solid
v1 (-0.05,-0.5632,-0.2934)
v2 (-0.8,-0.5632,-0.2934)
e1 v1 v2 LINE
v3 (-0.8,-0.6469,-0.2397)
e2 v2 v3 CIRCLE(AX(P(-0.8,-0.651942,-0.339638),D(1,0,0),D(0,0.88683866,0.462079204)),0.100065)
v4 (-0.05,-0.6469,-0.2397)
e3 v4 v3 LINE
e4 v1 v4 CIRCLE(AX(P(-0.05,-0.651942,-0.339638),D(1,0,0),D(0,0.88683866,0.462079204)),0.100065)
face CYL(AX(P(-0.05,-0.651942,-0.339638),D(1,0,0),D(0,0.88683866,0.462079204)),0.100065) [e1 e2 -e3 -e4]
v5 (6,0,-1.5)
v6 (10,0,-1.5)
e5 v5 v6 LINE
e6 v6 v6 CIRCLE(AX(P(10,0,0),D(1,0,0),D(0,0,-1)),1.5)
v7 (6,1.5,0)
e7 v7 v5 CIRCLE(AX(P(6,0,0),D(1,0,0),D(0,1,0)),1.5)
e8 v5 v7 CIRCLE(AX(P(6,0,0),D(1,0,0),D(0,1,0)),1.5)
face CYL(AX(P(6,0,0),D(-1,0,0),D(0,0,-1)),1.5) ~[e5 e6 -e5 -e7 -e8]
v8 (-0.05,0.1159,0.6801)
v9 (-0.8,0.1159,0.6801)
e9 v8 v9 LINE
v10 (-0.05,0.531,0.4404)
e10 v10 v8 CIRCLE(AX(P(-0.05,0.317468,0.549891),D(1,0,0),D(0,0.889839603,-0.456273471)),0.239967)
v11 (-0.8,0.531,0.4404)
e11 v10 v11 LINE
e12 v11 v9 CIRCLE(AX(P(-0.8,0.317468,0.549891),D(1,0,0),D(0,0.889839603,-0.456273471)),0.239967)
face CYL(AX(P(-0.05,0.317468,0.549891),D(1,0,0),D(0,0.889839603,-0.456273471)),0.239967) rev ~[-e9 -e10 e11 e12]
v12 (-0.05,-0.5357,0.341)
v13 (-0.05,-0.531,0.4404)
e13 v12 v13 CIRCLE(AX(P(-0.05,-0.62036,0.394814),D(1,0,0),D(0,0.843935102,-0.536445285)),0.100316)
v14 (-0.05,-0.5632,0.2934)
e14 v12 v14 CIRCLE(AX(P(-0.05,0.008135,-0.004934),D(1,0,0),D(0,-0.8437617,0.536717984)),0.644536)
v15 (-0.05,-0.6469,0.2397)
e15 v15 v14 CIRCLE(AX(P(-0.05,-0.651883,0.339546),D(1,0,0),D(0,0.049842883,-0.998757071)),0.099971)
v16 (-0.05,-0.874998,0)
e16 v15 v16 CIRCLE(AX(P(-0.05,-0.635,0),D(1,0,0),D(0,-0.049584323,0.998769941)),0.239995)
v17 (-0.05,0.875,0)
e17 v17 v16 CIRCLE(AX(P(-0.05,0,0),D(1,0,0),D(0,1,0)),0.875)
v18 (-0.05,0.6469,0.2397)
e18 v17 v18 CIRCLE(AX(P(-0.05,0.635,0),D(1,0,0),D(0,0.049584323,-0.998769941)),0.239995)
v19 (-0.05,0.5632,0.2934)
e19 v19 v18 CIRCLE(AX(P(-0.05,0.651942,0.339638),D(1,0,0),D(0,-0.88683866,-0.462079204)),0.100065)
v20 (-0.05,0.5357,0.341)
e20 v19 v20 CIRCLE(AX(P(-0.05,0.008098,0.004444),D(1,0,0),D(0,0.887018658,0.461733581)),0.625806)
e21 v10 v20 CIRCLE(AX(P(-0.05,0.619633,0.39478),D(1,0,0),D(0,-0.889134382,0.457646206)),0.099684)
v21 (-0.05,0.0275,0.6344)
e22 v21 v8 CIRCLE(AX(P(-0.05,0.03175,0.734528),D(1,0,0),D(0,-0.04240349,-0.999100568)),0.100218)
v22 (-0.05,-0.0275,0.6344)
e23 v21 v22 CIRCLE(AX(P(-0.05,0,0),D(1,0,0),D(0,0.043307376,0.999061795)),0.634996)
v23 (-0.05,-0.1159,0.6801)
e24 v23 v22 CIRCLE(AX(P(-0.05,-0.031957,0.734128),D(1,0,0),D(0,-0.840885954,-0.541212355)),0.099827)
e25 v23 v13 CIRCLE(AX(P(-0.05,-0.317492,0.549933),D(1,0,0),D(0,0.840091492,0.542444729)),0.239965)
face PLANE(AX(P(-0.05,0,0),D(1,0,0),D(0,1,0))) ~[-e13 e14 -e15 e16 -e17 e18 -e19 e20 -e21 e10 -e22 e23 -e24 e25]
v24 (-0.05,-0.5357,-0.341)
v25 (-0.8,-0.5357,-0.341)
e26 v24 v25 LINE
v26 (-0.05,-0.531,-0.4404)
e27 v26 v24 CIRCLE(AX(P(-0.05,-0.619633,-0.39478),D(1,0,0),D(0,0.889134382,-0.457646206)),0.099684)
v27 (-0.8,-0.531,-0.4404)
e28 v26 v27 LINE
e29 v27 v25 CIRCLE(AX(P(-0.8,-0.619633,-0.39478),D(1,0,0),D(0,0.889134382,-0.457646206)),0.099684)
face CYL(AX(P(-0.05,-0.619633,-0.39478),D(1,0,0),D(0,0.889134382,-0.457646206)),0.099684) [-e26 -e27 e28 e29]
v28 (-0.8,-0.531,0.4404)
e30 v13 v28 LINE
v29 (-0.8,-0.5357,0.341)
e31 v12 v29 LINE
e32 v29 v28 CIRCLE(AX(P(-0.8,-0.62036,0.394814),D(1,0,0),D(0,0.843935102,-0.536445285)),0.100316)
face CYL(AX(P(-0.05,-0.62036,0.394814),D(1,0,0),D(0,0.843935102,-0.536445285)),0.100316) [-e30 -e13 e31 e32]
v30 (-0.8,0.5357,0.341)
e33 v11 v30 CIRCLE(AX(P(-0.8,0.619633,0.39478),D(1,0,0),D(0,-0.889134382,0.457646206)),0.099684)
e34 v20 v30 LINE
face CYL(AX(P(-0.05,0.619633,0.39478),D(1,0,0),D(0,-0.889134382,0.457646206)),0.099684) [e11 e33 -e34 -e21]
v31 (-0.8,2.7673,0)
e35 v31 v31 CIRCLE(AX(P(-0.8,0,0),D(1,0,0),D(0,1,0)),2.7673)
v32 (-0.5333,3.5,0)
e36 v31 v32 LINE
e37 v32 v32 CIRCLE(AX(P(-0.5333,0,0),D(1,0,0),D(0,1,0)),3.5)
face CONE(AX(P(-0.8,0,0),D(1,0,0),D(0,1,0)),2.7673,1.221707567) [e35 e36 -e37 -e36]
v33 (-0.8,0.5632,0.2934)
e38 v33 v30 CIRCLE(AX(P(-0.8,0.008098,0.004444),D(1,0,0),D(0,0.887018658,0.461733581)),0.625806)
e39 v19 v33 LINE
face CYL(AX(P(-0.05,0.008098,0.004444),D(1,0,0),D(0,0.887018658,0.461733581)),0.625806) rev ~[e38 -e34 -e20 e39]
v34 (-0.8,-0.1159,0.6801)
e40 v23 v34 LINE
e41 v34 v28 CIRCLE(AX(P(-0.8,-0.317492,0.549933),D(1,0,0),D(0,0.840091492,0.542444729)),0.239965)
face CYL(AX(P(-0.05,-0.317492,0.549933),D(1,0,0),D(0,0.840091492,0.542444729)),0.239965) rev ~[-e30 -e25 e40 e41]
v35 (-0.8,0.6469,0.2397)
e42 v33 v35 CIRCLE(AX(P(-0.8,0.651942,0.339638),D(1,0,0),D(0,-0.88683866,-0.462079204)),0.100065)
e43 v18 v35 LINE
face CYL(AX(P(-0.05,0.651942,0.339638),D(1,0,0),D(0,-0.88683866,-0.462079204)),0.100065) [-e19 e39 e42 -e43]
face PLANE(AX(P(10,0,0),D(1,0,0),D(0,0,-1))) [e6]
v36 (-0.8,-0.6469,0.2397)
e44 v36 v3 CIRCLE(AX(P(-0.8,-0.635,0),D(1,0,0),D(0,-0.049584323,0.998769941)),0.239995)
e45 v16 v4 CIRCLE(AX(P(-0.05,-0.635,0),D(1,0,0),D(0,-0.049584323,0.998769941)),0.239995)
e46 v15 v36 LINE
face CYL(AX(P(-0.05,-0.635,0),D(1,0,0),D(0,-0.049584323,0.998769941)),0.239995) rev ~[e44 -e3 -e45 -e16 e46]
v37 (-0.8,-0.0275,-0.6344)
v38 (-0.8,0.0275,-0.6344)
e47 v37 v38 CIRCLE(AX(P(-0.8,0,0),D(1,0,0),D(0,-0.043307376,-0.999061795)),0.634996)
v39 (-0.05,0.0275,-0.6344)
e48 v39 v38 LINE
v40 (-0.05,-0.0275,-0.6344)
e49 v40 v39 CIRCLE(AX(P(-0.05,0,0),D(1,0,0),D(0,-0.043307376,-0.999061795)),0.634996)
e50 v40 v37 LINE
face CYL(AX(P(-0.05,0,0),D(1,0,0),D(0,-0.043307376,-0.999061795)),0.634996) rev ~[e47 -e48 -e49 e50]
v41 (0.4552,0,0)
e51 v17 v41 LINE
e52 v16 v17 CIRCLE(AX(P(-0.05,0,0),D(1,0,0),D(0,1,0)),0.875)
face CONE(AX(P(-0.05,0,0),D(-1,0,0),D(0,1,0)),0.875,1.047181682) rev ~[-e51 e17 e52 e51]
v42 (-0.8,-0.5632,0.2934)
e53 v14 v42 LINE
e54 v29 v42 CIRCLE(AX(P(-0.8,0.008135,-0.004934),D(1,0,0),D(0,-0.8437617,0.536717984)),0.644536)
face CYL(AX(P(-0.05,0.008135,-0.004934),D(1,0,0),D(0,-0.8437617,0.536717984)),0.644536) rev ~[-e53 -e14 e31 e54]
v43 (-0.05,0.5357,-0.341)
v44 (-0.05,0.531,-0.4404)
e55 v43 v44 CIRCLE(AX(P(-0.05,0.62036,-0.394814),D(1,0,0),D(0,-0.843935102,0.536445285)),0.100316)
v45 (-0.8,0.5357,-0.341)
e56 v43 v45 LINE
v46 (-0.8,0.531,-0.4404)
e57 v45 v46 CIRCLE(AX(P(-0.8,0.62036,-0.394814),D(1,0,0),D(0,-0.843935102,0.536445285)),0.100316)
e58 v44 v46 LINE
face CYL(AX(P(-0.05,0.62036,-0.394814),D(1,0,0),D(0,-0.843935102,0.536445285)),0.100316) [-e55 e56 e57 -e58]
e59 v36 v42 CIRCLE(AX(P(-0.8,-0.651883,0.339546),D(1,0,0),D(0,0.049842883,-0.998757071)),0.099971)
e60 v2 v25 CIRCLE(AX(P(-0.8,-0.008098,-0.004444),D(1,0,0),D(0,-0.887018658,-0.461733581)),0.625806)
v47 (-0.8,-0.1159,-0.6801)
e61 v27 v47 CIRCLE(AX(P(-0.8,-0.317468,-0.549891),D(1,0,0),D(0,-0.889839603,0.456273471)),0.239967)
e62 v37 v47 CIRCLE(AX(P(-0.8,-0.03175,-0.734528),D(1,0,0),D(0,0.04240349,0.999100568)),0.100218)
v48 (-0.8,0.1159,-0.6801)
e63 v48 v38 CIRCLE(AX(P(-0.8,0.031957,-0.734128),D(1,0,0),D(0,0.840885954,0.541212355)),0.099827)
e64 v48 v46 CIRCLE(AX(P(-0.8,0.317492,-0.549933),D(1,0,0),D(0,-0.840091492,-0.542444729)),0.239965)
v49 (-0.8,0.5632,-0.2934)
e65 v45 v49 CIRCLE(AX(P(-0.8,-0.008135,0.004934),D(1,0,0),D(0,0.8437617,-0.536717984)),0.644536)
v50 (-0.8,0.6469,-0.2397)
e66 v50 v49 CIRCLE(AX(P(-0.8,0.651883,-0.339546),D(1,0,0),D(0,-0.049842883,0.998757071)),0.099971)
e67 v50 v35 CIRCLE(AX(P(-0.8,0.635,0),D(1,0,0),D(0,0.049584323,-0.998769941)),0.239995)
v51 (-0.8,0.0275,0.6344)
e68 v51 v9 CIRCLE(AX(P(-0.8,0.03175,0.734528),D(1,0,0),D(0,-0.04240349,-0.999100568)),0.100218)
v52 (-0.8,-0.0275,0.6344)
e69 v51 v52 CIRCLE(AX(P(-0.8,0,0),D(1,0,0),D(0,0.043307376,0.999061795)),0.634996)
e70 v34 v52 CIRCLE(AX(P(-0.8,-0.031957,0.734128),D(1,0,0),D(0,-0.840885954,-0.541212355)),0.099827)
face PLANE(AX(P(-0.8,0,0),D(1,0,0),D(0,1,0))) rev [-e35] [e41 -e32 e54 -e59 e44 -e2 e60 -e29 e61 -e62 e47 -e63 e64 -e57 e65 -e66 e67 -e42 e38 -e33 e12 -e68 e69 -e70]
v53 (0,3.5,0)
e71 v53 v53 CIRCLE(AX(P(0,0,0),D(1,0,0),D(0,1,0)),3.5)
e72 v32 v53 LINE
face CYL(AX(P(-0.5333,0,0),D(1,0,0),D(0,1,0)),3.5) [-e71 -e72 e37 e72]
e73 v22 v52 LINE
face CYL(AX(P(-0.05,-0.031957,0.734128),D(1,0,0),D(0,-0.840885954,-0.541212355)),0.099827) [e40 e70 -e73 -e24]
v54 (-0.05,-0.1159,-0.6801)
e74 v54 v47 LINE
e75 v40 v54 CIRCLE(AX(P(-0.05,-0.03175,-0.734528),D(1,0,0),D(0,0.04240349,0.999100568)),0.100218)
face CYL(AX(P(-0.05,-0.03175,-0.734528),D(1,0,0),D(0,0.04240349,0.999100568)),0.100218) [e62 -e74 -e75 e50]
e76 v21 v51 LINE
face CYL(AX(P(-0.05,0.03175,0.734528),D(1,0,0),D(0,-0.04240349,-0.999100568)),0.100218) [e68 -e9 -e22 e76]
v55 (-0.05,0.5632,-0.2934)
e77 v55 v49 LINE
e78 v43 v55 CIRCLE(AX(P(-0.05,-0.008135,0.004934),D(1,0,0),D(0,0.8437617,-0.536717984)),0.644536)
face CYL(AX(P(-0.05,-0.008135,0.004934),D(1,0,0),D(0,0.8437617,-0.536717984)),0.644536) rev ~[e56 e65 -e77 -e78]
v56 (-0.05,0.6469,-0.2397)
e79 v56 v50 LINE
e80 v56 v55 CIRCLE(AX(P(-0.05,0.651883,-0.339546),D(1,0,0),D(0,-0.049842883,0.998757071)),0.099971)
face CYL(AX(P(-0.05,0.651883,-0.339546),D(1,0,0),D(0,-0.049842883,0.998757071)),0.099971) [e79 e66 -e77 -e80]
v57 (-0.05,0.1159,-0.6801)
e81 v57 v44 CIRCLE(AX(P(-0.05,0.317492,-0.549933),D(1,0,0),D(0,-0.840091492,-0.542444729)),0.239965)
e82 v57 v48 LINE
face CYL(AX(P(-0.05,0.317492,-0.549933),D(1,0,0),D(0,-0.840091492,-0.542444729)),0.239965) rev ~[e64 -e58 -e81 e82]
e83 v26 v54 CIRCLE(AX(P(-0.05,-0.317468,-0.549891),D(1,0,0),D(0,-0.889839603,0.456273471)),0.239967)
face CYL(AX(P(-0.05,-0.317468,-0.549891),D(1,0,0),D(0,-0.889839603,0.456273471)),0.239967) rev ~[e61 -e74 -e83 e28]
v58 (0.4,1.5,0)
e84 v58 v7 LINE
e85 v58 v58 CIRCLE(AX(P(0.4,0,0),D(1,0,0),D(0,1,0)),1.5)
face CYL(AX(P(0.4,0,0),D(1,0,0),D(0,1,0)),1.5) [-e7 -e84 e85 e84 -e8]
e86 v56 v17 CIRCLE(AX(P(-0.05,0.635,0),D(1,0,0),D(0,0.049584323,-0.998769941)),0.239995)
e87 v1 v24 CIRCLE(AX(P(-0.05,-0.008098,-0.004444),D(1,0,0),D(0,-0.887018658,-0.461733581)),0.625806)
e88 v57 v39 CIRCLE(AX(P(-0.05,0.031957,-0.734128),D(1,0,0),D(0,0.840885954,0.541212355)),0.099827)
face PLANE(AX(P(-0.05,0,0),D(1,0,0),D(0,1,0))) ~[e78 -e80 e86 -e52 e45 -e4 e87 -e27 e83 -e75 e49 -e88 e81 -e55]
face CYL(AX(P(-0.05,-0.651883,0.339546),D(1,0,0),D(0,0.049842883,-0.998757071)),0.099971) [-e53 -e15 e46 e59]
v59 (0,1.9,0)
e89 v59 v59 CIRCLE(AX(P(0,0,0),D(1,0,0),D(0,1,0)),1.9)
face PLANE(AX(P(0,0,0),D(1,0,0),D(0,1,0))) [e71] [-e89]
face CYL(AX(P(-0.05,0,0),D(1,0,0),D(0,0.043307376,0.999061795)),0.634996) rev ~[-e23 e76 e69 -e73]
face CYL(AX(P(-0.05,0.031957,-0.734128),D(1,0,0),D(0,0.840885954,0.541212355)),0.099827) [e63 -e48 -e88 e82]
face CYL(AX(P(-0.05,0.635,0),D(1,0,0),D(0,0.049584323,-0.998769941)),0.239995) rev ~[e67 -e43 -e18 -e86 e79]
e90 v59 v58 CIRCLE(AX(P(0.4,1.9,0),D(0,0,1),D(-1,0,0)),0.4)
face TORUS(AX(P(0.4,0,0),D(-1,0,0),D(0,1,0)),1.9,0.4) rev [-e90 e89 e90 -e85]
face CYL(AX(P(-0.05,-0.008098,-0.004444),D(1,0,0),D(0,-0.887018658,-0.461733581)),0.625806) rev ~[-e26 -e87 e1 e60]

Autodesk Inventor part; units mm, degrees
ref_plane "YZ Plane" through (0, 0, 0) normal (1, 0, 0) x (0, 1, 0)
ref_plane "XZ Plane" through (0, 0, 0) normal (0, 1, 0) x (-1, 0, 0)
ref_plane "XY Plane" through (0, 0, 0) normal (0, 0, 1) x (1, 0, 0)
sketch "Sketch_1" plane through (0, 0, 0) normal (0, 0, 1) x (1, 0, 0)
  line L0 (6, 0) -> (0, 0)
  line L1 (-0.8, 0) -> (-0.8, 2.7673)
  line L2 (-0.8, 2.7673) -> (-0.5333, 3.5)
  line L3 (-0.5333, 3.5) -> (0, 3.5)
  line L4 (0, 3.5) -> (0, 1.9)
  arc A0 (0, 1.9) -> (0.4, 1.5) centre (0.4, 1.9) ccw
  line L5 (0.4, 1.5) -> (6, 1.5)
  line L6 (6, 1.5) -> (6, 0)
  line L7 (6, 0) -> (-0.8, 0)
  line L8 (0, 0) -> (-0.8, 0)
  dimension "d6" = 6
revolve "Revolution1" add sketch "Sketch_1" angle 360 about axis through (6, 0, 0) along (1, 0, 0)
sketch "Sketch_5" plane through (-0.05, 0, 0) normal (1, 0, 0) x (0, 0, -1)
  arc A0 (-0.6801, -0.1159) -> (-0.4404, -0.531) centre (-0.5499, -0.3175) ccw
  arc A1 (-0.341, -0.5357) -> (-0.4404, -0.531) centre (-0.3947, -0.62) ccw
  arc A2 (-0.341, -0.5357) -> (-0.2934, -0.5632) centre (0, 0) ccw
  arc A3 (-0.2397, -0.6469) -> (-0.2934, -0.5632) centre (-0.3396, -0.6519) ccw
  arc A4 (-0.2397, -0.6469) -> (0.2397, -0.6469) centre (0, -0.635) ccw
  arc A5 (0.2934, -0.5632) -> (0.2397, -0.6469) centre (0.3396, -0.6519) ccw
  arc A6 (0.2934, -0.5632) -> (0.341, -0.5357) centre (0, 0) ccw
  arc A7 (0.4404, -0.531) -> (0.341, -0.5357) centre (0.3947, -0.62) ccw
  arc A8 (0.4404, -0.531) -> (0.6801, -0.1159) centre (0.5499, -0.3175) ccw
  arc A9 (0.6344, -0.0275) -> (0.6801, -0.1159) centre (0.7343, -0.0318) ccw
  arc A10 (0.6344, -0.0275) -> (0.6344, 0.0275) centre (0, 0) ccw
  arc A11 (0.6801, 0.1159) -> (0.6344, 0.0275) centre (0.7343, 0.0318) ccw
  arc A12 (0.6801, 0.1159) -> (0.4404, 0.531) centre (0.5499, 0.3175) ccw
  arc A13 (0.341, 0.5357) -> (0.4404, 0.531) centre (0.3947, 0.62) ccw
  arc A14 (0.341, 0.5357) -> (0.2934, 0.5632) centre (0, 0) ccw
  arc A15 (0.2397, 0.6469) -> (0.2934, 0.5632) centre (0.3396, 0.6519) ccw
  arc A16 (0.2397, 0.6469) -> (-0.2397, 0.6469) centre (0, 0.635) ccw
  arc A17 (-0.2934, 0.5632) -> (-0.2397, 0.6469) centre (-0.3396, 0.6519) ccw
  arc A18 (-0.2934, 0.5632) -> (-0.341, 0.5357) centre (0, 0) ccw
  arc A19 (-0.4404, 0.531) -> (-0.341, 0.5357) centre (-0.3947, 0.62) ccw
  arc A20 (-0.4404, 0.531) -> (-0.6801, 0.1159) centre (-0.5499, 0.3175) ccw
  arc A21 (-0.6344, 0.0275) -> (-0.6801, 0.1159) centre (-0.7343, 0.0318) ccw
  arc A22 (-0.6344, 0.0275) -> (-0.6344, -0.0275) centre (0, 0) ccw
  arc A23 (-0.6801, -0.1159) -> (-0.6344, -0.0275) centre (-0.7343, -0.0318) ccw
extrude "Extrusion1" cut sketch "Sketch_5" against normal blind 0.75
sketch "Sketch_2" plane through (0, 0, 0) normal (0, 0, 1) x (1, 0, 0)
  line L0 (0.4552, 0) -> (0, 0)
  line L1 (-0.05, 0) -> (-0.05, 0.875)
  line L2 (-0.05, 0.875) -> (0.4552, 0)
  line L3 (0.4552, 0) -> (-0.05, 0)
revolve "Revolution2" cut sketch "Sketch_2" angle 360 about axis through (0.4552, 0, 0) along (1, 0, 0)
sketch "スケッチ4" plane through (6, 0, 0) normal (1, 0, 0) x (0, 0, -1)
  circle A0 centre (0, 0) radius 1.5 projected
extrude "押し出し2" add sketch "スケッチ4" along normal blind 4
thread "Thread1" size "M3x0.5" class "6g" standard "ANSI Metric M Profile" length 9.5 offset 0.1
properties part number "超極低頭ネジL10" material "ステンレス鋼"
